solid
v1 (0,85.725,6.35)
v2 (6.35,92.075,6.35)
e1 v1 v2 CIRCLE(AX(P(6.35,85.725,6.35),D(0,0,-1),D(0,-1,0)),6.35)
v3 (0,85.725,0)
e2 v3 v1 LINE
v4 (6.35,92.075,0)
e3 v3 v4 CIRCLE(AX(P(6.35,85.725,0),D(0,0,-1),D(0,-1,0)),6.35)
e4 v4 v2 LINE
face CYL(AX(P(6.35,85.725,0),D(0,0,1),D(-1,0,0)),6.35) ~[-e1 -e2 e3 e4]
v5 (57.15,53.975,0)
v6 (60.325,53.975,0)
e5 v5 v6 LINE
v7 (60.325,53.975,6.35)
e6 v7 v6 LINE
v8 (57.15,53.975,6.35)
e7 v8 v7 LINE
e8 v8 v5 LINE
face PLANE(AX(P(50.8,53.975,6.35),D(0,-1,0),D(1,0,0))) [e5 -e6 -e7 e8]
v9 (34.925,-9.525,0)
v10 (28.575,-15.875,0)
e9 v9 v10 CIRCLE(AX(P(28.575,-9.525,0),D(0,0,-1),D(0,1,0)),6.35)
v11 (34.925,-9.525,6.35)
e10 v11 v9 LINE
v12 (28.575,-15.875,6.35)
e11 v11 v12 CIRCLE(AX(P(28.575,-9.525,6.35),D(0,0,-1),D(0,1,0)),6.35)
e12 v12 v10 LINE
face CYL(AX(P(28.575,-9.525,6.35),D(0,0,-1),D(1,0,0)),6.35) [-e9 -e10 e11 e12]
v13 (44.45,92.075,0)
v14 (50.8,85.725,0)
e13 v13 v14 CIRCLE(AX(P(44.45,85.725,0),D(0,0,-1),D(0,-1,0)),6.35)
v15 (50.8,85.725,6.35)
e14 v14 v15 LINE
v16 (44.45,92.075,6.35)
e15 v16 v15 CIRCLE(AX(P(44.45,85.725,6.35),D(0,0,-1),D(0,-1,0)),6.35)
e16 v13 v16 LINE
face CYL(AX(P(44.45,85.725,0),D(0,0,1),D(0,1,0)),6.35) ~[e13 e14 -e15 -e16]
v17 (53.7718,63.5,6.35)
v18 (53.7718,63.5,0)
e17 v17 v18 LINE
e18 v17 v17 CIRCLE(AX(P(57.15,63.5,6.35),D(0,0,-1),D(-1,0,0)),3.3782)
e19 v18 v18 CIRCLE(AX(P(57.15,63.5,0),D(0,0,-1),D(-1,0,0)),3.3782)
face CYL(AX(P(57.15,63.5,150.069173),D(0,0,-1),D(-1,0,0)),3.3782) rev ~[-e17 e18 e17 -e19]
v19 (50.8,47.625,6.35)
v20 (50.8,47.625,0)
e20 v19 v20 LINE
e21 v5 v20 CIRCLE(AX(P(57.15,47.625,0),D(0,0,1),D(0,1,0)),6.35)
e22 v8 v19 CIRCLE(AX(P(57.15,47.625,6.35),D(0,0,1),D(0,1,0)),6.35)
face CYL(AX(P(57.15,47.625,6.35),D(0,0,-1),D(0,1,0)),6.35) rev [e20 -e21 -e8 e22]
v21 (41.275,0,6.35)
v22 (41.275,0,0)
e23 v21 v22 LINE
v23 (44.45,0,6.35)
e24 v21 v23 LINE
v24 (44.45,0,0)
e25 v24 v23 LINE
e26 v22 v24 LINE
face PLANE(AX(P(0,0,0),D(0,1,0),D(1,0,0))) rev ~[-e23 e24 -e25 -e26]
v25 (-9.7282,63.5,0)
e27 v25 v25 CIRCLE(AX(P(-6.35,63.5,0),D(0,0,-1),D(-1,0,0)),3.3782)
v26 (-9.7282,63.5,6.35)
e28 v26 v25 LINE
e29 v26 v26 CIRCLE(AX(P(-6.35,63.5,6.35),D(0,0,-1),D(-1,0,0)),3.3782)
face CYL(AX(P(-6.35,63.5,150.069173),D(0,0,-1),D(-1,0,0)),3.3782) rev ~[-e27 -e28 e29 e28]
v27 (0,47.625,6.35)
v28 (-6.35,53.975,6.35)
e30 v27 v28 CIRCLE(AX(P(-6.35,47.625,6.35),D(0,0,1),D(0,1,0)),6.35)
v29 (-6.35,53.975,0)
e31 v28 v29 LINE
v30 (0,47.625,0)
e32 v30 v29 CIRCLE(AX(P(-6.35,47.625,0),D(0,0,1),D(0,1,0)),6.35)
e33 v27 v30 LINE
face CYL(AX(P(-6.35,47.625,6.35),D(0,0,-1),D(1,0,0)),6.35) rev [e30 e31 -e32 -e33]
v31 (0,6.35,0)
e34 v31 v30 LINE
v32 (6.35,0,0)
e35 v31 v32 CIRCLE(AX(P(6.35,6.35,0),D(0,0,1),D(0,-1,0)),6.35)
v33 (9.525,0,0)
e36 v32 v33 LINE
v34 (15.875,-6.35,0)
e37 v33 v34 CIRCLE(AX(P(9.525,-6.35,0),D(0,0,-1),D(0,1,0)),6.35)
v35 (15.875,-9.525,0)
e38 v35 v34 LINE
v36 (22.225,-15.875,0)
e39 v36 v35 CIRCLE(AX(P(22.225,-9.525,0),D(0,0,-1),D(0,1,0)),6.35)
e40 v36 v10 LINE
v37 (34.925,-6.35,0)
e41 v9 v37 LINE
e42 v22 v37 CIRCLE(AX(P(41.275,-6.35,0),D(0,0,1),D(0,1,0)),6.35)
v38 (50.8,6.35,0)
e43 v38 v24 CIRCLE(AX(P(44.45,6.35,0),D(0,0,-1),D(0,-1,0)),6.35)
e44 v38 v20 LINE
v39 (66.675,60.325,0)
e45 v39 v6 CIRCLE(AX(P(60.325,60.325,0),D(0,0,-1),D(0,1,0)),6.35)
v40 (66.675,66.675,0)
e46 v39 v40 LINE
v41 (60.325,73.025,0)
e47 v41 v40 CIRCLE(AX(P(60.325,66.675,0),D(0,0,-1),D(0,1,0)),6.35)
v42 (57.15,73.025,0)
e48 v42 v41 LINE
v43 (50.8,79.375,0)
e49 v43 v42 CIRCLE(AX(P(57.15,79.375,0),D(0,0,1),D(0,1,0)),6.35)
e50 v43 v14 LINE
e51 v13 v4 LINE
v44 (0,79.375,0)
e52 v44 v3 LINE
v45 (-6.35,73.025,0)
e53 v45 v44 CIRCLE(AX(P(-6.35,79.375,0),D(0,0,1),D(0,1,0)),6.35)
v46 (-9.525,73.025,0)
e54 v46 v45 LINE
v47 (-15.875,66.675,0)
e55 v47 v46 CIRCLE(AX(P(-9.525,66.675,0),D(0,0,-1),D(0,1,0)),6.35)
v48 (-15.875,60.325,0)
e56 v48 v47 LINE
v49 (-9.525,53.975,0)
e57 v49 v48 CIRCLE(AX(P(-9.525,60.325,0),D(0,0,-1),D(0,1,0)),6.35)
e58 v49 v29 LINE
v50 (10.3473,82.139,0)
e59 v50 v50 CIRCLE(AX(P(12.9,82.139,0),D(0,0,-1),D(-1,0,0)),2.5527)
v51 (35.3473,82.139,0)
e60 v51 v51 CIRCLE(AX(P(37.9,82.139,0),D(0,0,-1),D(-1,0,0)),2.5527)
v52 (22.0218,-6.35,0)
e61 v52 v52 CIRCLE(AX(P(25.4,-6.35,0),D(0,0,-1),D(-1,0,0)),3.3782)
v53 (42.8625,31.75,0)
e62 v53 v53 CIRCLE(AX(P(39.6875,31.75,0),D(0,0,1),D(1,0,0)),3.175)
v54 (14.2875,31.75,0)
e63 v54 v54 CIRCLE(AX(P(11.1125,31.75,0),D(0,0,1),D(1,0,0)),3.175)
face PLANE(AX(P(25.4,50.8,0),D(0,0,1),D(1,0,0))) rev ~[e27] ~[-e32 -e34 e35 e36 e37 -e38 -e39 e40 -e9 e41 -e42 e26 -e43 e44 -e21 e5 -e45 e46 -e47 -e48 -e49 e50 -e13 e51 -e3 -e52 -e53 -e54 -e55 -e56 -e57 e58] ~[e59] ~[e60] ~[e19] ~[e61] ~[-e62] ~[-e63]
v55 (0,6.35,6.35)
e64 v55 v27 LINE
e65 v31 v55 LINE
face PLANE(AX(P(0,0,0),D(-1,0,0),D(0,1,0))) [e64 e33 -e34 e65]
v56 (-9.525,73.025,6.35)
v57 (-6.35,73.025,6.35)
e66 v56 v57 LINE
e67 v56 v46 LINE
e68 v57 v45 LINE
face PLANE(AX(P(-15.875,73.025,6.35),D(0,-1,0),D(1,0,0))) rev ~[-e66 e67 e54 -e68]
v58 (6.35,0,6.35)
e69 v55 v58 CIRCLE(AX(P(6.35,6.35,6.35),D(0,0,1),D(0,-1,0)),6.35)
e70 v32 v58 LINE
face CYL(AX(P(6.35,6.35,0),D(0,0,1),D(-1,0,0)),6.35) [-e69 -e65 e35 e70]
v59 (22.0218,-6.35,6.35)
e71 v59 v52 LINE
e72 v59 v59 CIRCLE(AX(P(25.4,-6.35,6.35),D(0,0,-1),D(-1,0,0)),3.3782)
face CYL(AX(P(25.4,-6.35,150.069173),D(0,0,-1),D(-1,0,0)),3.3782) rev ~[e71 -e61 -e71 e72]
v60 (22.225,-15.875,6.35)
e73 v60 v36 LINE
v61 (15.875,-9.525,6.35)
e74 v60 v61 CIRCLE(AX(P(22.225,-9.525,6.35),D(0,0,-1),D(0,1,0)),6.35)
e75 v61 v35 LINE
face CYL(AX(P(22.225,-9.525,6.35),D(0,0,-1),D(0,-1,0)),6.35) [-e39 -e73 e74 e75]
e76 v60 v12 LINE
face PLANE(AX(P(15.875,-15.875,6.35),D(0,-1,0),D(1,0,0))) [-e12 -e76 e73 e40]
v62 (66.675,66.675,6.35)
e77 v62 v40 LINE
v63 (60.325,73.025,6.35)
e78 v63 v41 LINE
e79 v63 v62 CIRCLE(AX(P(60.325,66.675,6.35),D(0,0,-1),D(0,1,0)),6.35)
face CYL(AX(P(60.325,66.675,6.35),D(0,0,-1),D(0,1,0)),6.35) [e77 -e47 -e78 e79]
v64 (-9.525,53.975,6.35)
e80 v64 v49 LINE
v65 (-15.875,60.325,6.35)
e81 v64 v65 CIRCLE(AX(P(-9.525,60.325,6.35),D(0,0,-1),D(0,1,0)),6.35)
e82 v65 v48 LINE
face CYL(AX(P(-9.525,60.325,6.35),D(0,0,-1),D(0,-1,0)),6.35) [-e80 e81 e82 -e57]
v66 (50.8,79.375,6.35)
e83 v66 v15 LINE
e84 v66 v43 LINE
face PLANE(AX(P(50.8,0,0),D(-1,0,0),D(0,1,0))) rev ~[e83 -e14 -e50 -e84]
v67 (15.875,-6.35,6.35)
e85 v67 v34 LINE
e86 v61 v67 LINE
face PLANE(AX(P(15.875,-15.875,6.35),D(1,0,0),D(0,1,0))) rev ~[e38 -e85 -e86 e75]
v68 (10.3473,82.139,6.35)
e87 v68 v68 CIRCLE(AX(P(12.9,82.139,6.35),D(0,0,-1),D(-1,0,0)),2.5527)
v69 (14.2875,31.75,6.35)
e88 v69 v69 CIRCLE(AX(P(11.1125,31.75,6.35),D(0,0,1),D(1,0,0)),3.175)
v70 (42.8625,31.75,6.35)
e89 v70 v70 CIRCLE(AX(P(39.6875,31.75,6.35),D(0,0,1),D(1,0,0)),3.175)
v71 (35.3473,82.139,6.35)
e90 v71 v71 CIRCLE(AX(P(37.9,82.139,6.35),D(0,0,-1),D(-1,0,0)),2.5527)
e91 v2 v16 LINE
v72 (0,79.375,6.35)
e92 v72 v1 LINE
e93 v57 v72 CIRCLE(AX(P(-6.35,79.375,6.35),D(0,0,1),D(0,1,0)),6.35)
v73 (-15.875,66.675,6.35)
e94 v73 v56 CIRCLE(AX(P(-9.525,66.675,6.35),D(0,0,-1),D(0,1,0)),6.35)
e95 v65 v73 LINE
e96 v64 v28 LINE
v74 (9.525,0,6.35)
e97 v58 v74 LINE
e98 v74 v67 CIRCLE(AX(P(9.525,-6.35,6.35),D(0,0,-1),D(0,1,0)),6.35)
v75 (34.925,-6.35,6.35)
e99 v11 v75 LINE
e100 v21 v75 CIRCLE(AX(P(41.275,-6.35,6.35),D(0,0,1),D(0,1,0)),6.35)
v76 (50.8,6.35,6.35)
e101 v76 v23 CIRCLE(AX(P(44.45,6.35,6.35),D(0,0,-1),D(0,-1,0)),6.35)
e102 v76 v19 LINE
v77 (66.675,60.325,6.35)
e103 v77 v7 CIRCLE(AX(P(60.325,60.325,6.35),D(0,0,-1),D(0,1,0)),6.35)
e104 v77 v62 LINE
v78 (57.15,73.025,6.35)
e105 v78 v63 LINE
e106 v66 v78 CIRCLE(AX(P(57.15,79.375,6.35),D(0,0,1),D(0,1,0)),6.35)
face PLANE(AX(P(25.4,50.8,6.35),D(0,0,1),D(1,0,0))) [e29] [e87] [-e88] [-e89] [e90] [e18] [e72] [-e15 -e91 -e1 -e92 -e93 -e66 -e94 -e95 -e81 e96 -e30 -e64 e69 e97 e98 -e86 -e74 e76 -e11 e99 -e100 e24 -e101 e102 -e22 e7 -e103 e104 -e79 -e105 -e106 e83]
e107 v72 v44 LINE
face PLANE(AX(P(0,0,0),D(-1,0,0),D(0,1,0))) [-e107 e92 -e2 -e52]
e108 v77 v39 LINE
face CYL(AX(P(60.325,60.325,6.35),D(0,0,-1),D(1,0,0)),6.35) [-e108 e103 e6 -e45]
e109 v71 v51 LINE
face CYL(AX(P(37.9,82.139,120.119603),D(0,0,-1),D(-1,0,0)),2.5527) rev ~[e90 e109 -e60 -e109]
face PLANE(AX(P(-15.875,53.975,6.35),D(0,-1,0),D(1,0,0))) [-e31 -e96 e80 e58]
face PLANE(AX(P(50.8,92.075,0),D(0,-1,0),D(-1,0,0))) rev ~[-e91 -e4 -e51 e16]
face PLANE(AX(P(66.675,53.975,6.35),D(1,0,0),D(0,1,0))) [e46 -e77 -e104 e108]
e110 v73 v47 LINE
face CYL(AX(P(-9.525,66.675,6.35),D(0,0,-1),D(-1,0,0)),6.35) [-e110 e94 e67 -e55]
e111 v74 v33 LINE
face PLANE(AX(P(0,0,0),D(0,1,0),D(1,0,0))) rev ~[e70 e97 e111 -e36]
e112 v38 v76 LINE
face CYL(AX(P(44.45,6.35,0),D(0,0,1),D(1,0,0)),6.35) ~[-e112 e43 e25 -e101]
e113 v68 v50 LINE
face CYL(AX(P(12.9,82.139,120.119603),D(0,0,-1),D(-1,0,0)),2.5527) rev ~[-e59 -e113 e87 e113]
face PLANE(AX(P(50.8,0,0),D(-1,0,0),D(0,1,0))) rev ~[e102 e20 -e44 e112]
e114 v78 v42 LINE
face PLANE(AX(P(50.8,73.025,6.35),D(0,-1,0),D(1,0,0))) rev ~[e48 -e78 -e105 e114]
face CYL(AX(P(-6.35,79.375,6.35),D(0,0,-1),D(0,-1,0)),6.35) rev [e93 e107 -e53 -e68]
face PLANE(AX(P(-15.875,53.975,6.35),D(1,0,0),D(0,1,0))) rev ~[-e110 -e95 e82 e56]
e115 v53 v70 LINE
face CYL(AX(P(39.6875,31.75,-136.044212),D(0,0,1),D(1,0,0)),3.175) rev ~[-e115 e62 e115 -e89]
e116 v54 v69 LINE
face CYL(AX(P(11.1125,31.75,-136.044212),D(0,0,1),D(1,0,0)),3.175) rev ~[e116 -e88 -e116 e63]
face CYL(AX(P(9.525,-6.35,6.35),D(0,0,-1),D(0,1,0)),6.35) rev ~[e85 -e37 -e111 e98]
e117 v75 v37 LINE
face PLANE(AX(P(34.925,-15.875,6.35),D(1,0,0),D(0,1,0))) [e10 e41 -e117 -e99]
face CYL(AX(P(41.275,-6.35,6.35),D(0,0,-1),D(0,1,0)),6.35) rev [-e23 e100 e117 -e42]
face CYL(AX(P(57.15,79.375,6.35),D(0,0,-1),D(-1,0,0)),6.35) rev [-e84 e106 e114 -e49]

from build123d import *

# Parameters (mm, degrees)
SKETCH1_W                   = 50.8
SKETCH1_H                   = 101.6
BOSS_EXTRUDE1_DEPTH         = 6.35
F_7_0_201_DIAMETER_HOLE1_D  = 5.1054
SKETCH4_W                   = 15.875
SKETCH4_H                   = 19.05
SKETCH4_W_2                 = 19.05
SKETCH4_H_2                 = 15.875
BOSS_EXTRUDE2_DEPTH         = 6.35
F_1_4_CLEARANCE_HOLE1_D     = 6.7564
SKETCH7_W                   = 50.8
SKETCH7_H                   = 9.525
CUT_EXTRUDE1_DEPTH          = 122.689926144
FILLET1_R                   = 6.35
F_1_4_0_25_DIAMETER_HOLE1_D = 6.35


with BuildPart() as part:
    # Sketch1 → Boss-Extrude1 (new body)
    with BuildSketch(Plane.XY):
        with Locations((25.4, 50.8)):
            Rectangle(SKETCH1_W, SKETCH1_H)
    extrude(amount=BOSS_EXTRUDE1_DEPTH)

    # #7 (0.201) Diameter Hole1 (through all)
    with Locations(Plane.XY.offset(6.35)):
        with Locations((12.899999981, 82.13900006), (37.900000019, 82.13900006)):
            Hole(F_7_0_201_DIAMETER_HOLE1_D / 2)

    # Sketch4 → Boss-Extrude2 (add)
    with BuildSketch(Plane.XY.offset(6.35)):
        with Locations((-7.9375, 63.5)):
            Rectangle(SKETCH4_W, SKETCH4_H)
        with Locations((58.7375, 63.5)):
            Rectangle(SKETCH4_W, SKETCH4_H)
        with Locations((25.4, -7.9375)):
            Rectangle(SKETCH4_W_2, SKETCH4_H_2)
    extrude(amount=-BOSS_EXTRUDE2_DEPTH)

    # 1/4 Clearance Hole1 (through all)
    with Locations(Plane.XY.offset(6.35)):
        with Locations((-6.35, 63.5), (57.15, 63.5), (25.4, -6.35)):
            Hole(F_1_4_CLEARANCE_HOLE1_D / 2)

    # Sketch7 → Cut-Extrude1 (cut, through all)
    with BuildSketch(Plane(origin=(0, 0, 0), x_dir=(-1, 0, 0), z_dir=(0, 0, -1))):
        with Locations((-25.4, 96.8375)):
            Rectangle(SKETCH7_W, SKETCH7_H)
    extrude(amount=-CUT_EXTRUDE1_DEPTH, mode=Mode.SUBTRACT)

    # Fillet1
    fillet1_edges = [part.edges().sort_by_distance(p)[0] for p in [
        (-15.875, 73.025, 3.175),
        (-15.875, 53.975, 3.175),
        (0, 53.975, 3.175),
        (0, 73.025, 3.175),
        (50.8, 53.975, 3.175),
        (66.675, 53.975, 3.175),
        (66.675, 73.025, 3.175),
        (50.8, 73.025, 3.175),
        (34.925, -15.875, 3.175),
        (34.925, 0, 3.175),
        (15.875, 0, 3.175),
        (15.875, -15.875, 3.175),
        (50.8, 0, 3.175),
        (0, 0, 3.175),
        (50.8, 92.075, 3.175),
        (0, 92.075, 3.175),
    ]]
    fillet(fillet1_edges, radius=FILLET1_R)

    # 1/4 (0.25) Diameter Hole1 (through all)
    with Locations(Plane(origin=(0, 0, 0), x_dir=(-1, 0, 0), z_dir=(0, 0, -1))):
        with Locations((-39.6875, 31.75), (-11.1125, 31.75)):
            Hole(F_1_4_0_25_DIAMETER_HOLE1_D / 2)


solid = part.part
